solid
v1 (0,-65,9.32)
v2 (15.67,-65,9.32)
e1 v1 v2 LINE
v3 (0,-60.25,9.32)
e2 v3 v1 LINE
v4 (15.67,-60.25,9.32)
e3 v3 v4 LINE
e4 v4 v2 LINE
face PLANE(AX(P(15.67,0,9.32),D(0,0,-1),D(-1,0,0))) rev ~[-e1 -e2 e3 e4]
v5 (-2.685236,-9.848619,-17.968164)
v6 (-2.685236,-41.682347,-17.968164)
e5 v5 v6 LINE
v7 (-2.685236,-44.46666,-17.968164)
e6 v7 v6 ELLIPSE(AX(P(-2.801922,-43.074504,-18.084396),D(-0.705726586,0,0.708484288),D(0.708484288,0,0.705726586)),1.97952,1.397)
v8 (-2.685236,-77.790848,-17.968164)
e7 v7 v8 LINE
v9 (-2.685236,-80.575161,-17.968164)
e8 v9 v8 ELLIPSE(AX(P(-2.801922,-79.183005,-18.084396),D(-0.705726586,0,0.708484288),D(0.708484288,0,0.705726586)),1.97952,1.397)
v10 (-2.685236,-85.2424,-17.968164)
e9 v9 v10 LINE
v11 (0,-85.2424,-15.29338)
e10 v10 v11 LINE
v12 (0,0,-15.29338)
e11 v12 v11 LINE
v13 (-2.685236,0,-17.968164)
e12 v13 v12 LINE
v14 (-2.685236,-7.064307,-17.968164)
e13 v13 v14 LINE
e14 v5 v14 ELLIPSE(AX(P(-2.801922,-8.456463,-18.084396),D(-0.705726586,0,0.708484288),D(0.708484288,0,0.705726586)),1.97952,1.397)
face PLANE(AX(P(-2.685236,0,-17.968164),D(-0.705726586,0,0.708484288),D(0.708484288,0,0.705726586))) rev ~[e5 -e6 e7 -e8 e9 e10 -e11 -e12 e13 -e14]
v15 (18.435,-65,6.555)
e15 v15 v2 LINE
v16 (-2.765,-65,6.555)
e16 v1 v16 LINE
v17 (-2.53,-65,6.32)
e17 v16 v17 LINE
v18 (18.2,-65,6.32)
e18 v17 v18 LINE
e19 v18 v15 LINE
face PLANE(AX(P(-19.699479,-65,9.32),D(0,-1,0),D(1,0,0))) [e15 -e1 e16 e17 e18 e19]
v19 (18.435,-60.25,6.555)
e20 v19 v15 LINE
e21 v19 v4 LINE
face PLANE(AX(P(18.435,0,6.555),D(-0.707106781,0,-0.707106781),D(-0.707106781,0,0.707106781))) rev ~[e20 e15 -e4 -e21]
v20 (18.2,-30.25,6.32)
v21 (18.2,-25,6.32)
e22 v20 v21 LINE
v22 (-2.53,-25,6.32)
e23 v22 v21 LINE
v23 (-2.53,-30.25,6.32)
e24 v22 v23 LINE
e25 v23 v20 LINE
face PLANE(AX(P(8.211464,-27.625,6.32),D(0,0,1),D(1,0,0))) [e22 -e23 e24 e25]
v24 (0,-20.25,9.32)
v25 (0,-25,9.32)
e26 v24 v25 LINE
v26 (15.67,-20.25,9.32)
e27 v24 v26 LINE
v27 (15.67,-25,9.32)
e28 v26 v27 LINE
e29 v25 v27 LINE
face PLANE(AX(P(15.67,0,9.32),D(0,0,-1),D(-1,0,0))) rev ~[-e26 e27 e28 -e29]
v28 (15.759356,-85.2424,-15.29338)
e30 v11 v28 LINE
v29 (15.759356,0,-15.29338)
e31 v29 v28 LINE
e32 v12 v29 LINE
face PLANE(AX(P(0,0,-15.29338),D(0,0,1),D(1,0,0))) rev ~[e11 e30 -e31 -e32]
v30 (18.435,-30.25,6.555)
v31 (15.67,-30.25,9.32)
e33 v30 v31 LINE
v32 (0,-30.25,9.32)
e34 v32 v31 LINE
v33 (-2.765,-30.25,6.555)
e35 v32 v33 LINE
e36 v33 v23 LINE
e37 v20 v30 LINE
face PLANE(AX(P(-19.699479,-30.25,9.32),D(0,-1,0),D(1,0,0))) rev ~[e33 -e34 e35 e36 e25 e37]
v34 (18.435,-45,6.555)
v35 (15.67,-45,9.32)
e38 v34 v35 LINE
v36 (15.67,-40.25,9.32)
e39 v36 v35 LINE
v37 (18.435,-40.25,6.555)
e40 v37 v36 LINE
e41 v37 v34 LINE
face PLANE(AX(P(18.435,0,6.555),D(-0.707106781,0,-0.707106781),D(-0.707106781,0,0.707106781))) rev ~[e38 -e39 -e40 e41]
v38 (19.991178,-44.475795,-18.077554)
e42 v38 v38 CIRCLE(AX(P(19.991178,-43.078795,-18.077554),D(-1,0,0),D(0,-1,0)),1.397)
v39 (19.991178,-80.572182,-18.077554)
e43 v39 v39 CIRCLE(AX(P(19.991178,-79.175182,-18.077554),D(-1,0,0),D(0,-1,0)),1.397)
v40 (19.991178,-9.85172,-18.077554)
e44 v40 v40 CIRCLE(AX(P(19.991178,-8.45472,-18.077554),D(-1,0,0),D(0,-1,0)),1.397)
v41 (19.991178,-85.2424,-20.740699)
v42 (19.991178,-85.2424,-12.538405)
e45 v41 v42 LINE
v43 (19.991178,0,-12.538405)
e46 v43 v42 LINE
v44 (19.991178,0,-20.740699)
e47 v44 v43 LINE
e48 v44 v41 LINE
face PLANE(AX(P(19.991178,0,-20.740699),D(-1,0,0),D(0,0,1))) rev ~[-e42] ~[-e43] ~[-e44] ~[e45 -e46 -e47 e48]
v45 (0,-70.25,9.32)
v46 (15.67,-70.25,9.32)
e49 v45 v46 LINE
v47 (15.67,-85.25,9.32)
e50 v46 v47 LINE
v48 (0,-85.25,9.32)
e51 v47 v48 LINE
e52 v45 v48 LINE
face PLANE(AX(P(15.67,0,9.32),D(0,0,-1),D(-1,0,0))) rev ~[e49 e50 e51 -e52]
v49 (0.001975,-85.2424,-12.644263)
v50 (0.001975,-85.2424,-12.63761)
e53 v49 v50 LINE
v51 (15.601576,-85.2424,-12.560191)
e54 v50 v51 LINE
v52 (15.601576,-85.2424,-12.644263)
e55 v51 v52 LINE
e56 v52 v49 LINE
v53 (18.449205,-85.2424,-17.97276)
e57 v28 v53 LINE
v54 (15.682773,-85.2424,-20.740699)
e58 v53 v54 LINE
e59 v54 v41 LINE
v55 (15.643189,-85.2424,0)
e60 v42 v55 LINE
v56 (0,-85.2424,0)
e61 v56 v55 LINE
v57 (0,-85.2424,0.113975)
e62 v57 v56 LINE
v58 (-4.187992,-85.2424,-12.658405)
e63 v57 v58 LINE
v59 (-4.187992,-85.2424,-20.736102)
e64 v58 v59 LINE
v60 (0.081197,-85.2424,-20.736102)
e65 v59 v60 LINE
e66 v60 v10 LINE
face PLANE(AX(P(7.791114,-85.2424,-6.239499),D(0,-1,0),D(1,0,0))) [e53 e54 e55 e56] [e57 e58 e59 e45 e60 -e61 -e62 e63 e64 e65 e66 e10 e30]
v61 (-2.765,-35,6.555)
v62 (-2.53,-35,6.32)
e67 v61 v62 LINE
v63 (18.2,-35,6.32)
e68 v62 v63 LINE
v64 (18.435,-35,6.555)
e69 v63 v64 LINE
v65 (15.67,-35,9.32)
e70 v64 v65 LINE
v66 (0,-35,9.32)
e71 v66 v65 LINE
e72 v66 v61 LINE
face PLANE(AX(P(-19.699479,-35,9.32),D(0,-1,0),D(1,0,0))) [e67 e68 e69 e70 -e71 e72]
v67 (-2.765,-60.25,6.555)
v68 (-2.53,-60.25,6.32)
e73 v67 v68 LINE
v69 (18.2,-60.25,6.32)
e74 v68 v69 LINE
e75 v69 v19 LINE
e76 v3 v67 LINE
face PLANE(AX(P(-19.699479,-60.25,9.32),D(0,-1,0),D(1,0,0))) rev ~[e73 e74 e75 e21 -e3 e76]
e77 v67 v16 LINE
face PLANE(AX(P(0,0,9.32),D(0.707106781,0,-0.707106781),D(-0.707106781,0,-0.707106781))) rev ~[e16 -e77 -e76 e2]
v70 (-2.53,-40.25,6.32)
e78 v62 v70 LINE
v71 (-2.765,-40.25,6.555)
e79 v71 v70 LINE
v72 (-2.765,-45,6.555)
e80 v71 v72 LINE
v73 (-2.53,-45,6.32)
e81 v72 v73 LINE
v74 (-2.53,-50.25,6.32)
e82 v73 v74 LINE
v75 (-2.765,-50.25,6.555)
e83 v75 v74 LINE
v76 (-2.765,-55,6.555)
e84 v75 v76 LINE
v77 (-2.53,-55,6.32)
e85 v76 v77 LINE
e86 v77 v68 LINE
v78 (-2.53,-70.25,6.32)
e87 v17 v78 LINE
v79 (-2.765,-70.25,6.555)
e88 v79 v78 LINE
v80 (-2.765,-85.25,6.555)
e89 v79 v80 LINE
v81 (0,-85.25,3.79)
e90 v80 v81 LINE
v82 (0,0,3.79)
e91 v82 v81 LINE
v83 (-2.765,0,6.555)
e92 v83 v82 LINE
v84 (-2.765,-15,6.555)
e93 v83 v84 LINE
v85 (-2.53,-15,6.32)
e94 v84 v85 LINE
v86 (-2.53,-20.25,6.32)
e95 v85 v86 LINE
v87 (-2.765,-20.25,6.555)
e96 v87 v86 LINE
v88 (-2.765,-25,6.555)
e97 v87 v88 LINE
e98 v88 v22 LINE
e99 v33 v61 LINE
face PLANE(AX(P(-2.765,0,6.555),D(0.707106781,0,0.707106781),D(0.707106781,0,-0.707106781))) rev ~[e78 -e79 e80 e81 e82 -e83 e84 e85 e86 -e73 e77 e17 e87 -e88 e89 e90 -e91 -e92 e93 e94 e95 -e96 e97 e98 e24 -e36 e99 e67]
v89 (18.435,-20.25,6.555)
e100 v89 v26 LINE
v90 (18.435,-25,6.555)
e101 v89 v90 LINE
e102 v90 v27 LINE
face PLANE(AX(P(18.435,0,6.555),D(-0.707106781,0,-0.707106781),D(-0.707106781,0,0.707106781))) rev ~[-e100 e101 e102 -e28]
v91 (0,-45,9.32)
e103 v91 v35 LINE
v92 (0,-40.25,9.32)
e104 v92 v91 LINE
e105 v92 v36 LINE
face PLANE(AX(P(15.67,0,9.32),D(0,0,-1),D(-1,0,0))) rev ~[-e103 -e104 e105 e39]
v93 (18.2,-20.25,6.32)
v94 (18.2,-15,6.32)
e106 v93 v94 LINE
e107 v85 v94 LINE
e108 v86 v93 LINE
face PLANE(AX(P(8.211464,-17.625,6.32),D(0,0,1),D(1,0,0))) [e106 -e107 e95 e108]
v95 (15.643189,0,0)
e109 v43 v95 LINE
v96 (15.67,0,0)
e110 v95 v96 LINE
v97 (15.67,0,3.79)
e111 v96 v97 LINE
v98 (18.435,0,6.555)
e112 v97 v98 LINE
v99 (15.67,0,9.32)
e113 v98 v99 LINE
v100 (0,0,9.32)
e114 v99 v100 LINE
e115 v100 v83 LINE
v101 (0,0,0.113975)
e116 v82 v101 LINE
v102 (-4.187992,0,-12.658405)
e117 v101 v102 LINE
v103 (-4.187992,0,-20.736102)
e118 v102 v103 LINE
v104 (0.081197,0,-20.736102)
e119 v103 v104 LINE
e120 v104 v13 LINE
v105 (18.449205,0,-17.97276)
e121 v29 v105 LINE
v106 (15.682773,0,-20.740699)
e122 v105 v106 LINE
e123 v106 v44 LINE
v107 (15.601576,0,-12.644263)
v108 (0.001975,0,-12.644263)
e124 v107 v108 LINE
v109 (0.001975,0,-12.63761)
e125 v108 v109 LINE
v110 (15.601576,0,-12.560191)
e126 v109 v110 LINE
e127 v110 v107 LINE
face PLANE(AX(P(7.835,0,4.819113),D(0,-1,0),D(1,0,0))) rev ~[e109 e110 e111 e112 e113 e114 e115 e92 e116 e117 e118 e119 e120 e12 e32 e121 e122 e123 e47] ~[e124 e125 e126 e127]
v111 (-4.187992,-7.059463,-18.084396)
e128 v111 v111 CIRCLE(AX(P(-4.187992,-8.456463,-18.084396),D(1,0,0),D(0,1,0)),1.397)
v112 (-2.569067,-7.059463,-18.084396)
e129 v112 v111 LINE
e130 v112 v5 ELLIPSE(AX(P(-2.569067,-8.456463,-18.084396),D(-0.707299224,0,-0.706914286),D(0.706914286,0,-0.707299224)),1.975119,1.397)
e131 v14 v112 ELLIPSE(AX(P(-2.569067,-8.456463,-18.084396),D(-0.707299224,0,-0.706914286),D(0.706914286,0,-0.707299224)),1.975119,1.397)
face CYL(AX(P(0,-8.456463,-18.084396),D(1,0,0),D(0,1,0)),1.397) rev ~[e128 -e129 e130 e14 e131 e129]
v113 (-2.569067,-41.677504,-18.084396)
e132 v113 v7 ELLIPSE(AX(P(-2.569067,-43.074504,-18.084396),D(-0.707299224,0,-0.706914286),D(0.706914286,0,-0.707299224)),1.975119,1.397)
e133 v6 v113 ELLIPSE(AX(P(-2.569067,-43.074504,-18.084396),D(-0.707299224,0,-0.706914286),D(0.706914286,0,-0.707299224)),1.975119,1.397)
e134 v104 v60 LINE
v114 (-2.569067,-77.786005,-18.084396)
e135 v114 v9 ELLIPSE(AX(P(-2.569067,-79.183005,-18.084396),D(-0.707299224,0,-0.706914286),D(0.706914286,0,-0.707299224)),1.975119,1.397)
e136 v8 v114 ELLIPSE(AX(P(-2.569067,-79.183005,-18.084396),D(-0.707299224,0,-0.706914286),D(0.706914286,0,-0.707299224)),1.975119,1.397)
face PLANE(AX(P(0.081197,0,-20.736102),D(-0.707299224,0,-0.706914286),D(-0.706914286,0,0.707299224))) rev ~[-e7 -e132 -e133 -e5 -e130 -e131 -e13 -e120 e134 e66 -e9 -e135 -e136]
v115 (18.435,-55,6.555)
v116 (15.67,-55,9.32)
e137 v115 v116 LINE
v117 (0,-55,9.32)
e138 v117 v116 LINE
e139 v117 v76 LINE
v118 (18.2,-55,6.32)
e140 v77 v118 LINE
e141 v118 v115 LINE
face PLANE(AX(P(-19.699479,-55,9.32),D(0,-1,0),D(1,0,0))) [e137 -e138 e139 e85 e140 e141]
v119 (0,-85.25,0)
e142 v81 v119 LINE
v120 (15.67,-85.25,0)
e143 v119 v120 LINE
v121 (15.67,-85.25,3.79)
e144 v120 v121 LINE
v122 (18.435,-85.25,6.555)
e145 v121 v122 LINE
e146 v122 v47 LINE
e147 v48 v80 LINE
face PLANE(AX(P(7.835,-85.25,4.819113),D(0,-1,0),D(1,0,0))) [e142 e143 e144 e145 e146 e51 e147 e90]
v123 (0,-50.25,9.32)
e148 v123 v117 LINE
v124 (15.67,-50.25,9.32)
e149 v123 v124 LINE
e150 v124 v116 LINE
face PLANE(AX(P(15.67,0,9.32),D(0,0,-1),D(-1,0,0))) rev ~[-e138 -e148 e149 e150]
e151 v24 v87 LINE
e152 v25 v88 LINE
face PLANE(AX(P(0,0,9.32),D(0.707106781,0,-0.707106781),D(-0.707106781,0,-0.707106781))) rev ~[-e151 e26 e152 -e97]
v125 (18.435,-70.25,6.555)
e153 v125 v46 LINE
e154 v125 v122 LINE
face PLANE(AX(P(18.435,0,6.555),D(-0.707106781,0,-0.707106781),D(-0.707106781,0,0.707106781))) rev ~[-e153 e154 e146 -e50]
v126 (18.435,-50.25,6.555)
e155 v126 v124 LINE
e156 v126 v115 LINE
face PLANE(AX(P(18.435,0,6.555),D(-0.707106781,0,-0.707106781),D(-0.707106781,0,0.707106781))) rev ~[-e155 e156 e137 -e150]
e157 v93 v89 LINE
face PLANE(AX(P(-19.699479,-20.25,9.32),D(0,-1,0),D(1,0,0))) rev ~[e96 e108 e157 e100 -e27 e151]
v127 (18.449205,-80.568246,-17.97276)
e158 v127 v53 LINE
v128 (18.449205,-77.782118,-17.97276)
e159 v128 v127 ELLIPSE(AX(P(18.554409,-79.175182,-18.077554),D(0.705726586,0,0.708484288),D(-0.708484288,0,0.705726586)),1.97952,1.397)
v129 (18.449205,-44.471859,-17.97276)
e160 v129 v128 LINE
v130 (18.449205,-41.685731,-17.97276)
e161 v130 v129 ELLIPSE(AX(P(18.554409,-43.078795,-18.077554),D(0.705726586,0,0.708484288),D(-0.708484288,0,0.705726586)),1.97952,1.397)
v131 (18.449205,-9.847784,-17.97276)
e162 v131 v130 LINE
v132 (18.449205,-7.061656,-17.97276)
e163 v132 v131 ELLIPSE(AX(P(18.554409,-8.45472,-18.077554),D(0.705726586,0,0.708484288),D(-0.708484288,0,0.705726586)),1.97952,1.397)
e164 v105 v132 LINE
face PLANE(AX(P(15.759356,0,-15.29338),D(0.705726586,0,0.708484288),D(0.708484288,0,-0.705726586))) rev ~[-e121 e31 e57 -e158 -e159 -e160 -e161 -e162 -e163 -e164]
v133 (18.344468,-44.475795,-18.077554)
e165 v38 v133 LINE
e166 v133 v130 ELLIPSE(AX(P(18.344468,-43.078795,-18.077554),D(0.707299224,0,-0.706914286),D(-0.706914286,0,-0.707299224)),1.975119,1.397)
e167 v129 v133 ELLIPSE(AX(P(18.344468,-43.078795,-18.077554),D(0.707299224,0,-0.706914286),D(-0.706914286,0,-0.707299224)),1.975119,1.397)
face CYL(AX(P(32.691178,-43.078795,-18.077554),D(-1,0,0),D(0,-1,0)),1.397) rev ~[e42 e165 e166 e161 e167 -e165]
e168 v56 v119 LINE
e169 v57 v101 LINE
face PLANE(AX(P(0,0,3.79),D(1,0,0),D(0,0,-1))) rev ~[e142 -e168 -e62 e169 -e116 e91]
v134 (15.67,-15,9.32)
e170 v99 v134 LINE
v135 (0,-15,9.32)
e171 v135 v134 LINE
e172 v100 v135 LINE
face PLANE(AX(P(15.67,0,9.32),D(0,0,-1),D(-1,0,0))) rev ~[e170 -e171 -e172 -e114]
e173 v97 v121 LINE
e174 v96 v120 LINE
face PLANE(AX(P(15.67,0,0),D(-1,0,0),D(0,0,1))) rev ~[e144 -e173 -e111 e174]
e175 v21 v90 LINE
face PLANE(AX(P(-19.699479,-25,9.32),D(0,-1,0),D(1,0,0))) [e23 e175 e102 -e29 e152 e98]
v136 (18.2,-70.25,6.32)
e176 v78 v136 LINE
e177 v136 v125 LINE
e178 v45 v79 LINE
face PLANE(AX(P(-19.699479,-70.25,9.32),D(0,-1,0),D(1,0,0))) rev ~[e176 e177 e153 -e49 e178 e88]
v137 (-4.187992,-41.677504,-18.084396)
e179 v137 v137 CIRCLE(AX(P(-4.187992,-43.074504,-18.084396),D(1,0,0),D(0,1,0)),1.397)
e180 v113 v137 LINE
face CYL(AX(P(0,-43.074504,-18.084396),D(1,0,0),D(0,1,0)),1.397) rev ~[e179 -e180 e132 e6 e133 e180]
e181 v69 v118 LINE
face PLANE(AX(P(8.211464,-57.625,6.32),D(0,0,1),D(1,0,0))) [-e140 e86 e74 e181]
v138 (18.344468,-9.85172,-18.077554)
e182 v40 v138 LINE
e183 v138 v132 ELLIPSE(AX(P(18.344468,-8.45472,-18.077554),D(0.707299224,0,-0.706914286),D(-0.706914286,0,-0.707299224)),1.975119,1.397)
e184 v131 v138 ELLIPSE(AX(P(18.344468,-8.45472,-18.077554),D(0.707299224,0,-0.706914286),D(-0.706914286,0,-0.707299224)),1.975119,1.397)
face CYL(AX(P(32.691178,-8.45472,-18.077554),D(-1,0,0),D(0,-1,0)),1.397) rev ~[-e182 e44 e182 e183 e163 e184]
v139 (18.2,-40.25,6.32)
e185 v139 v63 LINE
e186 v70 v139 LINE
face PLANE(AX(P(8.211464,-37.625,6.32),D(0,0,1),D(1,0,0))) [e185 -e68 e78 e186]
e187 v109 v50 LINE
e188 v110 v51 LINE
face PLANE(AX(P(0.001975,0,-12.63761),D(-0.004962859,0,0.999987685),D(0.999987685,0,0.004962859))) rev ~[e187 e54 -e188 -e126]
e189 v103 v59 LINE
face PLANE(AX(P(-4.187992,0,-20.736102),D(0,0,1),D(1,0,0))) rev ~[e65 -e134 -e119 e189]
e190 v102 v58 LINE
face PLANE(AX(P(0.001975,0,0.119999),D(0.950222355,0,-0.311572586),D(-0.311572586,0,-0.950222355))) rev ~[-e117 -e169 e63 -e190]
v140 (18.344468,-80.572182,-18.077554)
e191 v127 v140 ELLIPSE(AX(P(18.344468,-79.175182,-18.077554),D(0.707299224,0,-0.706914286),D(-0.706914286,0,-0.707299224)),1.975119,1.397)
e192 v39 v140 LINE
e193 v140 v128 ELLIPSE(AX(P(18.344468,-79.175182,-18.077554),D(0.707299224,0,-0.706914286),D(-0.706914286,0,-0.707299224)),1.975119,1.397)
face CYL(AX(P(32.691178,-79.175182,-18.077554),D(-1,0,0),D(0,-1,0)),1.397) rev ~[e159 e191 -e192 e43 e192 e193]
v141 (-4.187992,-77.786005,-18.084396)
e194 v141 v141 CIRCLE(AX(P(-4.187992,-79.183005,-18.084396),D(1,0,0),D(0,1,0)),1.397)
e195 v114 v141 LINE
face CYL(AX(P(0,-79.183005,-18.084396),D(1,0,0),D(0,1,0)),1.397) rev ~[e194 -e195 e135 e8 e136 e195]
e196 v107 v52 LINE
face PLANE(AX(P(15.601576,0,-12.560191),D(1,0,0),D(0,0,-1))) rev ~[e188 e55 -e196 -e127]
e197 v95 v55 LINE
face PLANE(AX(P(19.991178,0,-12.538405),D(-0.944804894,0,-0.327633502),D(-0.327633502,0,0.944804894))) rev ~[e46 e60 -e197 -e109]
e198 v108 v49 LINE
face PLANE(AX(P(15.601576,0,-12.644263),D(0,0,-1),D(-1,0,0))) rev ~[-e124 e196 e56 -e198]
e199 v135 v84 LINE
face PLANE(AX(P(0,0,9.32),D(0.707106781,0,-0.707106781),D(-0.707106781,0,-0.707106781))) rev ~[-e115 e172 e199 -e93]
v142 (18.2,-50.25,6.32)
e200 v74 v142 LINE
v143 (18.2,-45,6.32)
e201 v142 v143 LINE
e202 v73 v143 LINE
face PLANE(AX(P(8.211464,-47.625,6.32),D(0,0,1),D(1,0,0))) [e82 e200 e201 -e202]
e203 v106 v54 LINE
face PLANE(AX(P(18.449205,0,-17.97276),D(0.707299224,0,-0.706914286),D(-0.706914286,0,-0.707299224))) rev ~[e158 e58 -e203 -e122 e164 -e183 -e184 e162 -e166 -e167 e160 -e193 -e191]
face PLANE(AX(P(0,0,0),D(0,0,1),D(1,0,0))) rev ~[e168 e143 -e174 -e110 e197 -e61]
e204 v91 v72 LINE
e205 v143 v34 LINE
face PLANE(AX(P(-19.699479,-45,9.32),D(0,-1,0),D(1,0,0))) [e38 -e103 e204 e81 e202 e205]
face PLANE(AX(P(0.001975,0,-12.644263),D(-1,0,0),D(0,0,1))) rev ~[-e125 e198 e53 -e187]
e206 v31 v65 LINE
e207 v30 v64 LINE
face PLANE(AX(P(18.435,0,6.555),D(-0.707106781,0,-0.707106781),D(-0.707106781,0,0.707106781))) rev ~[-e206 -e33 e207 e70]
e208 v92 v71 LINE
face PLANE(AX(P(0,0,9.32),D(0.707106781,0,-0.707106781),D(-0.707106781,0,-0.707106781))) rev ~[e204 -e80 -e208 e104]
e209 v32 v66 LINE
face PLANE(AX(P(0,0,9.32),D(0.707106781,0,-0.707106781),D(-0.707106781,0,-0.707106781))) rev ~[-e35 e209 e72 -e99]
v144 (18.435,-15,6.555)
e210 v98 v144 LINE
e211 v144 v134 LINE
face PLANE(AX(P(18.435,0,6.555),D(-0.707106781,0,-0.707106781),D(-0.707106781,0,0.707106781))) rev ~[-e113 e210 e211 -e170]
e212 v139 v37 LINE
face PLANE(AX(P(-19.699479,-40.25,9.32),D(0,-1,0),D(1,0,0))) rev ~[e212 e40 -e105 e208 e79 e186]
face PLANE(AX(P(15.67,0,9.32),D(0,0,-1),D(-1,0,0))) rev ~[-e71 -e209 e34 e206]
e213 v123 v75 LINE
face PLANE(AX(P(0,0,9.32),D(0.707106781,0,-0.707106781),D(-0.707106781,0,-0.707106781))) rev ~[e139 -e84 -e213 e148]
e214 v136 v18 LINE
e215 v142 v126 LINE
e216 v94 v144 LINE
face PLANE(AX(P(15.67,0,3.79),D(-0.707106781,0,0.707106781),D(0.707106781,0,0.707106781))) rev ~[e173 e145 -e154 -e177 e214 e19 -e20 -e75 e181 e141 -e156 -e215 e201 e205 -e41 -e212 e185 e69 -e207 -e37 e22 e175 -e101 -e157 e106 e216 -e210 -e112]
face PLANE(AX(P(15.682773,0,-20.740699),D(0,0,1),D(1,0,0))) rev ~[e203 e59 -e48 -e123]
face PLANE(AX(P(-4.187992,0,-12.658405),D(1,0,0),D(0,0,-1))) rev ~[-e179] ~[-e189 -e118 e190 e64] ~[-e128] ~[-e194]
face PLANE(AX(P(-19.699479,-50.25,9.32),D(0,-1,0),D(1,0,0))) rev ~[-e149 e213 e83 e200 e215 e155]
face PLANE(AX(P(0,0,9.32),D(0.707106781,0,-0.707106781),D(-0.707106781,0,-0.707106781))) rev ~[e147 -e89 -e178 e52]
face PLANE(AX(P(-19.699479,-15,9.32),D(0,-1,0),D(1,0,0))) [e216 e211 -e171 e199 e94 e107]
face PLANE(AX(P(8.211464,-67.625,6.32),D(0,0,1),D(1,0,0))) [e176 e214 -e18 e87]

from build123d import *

# Parameters (mm, degrees)
F1_DEPTH       = 85.25
F2_W           = 55.8218845766
F2_H           = 5.25
F3_DEPTH       = 3
F5_DEPTH       = 85.2424
F8_D           = 2.794
F8_DEPTH       = 12.7
F8_TIP         = 0.8394022848
F8_ON_F7_D     = 2.794
F8_ON_F7_DEPTH = 12.7
F8_ON_F7_TIP   = 0.8394022848


with BuildPart() as f1:
    # F0 (on Front) → F1 (new body)
    with BuildSketch(Plane.XZ):
        Polygon((0, 3.79), (0, 0), (15.67, 0), (15.67, 3.79), (18.435, 6.555), (15.67, 9.32), (0, 9.32), (-2.765, 6.555), align=None)
    extrude(amount=F1_DEPTH)

    # F2 (on face) → F3 (cut)
    with BuildSketch(Plane.XY.offset(9.32)):
        with Locations((8.2114636898, -17.625)):
            Rectangle(F2_W, F2_H)
        with Locations((8.2114636898, -27.625)):
            Rectangle(F2_W, F2_H)
        with Locations((8.2114636898, -37.625)):
            Rectangle(F2_W, F2_H)
        with Locations((8.2114636898, -47.625)):
            Rectangle(F2_W, F2_H)
        with Locations((8.2114636898, -57.625)):
            Rectangle(F2_W, F2_H)
        with Locations((8.2114636898, -67.625)):
            Rectangle(F2_W, F2_H)
    extrude(amount=-F3_DEPTH, mode=Mode.SUBTRACT)

    # F4 (on Front) → F5 (join)
    with BuildSketch(Plane.XZ):
        Polygon((0.0019754424, -12.6376101786), (15.6015763059, -12.5601905993), (15.6015763059, 0), (15.6015763059, 0.1199992985), (0.0019754424, 0.1199992985), (0.0019754424, -2.5521272328), align=None)
        Polygon((18.4492052038, -17.9727599025), (15.6827729632, -20.7406985573), (19.9911782954, -20.7406985573), (19.9911782954, -12.5384053536), (15.6015763059, -12.5601905993), (15.6015763059, -12.6442629844), (0.0019754424, -12.6442629844), (0.0019754424, -12.6376101786), (-4.1879916127, -12.658404652), (-4.1879916127, -20.7361024804), (0.0811966573, -20.7361024804), (-2.6852355834, -17.9681638256), (0, -15.2933802456), (15.7593555839, -15.2933802456), align=None)
        Polygon((15.6015763059, -12.5601905993), (19.9911782954, -12.5384053536), (15.6015763059, 0.1199992985), (15.6015763059, 0), align=None)
        Polygon((-4.1879916127, -12.658404652), (0.0019754424, -12.6376101786), (0.0019754424, -2.5521272328), (0.0019754424, 0.1199992985), align=None)
    extrude(amount=F5_DEPTH)

    # F8 (one way)
    with BuildSketch(Plane.YZ):
        with Locations((-79.1830047965, -18.0843956769), (-43.074503541, -18.0843956769), (-8.4564629942, -18.0843956769)):
            Circle(F8_D / 2)
    extrude(amount=-F8_DEPTH, mode=Mode.SUBTRACT)
    with Locations(Plane.YZ):
        with Locations((-79.1830047965, -18.0843956769), (-43.074503541, -18.0843956769), (-8.4564629942, -18.0843956769)):
            with Locations((0, 0, -(F8_DEPTH + F8_TIP / 2))):  # 118° drill point
                Cone(0, F8_D / 2, F8_TIP, mode=Mode.SUBTRACT)

    # F8 on F7
    with Locations(Plane.YZ.offset(19.9911782954)):
        with Locations((-79.1751816869, -18.0775541812), (-43.0787950754, -18.0775541812), (-8.4547195584, -18.0775541812)):
            Hole(F8_ON_F7_D / 2, depth=F8_ON_F7_DEPTH)
            with Locations((0, 0, -(F8_ON_F7_DEPTH + F8_ON_F7_TIP / 2))):  # 118° drill point
                Cone(0, F8_ON_F7_D / 2, F8_ON_F7_TIP, mode=Mode.SUBTRACT)


solid = f1.part
